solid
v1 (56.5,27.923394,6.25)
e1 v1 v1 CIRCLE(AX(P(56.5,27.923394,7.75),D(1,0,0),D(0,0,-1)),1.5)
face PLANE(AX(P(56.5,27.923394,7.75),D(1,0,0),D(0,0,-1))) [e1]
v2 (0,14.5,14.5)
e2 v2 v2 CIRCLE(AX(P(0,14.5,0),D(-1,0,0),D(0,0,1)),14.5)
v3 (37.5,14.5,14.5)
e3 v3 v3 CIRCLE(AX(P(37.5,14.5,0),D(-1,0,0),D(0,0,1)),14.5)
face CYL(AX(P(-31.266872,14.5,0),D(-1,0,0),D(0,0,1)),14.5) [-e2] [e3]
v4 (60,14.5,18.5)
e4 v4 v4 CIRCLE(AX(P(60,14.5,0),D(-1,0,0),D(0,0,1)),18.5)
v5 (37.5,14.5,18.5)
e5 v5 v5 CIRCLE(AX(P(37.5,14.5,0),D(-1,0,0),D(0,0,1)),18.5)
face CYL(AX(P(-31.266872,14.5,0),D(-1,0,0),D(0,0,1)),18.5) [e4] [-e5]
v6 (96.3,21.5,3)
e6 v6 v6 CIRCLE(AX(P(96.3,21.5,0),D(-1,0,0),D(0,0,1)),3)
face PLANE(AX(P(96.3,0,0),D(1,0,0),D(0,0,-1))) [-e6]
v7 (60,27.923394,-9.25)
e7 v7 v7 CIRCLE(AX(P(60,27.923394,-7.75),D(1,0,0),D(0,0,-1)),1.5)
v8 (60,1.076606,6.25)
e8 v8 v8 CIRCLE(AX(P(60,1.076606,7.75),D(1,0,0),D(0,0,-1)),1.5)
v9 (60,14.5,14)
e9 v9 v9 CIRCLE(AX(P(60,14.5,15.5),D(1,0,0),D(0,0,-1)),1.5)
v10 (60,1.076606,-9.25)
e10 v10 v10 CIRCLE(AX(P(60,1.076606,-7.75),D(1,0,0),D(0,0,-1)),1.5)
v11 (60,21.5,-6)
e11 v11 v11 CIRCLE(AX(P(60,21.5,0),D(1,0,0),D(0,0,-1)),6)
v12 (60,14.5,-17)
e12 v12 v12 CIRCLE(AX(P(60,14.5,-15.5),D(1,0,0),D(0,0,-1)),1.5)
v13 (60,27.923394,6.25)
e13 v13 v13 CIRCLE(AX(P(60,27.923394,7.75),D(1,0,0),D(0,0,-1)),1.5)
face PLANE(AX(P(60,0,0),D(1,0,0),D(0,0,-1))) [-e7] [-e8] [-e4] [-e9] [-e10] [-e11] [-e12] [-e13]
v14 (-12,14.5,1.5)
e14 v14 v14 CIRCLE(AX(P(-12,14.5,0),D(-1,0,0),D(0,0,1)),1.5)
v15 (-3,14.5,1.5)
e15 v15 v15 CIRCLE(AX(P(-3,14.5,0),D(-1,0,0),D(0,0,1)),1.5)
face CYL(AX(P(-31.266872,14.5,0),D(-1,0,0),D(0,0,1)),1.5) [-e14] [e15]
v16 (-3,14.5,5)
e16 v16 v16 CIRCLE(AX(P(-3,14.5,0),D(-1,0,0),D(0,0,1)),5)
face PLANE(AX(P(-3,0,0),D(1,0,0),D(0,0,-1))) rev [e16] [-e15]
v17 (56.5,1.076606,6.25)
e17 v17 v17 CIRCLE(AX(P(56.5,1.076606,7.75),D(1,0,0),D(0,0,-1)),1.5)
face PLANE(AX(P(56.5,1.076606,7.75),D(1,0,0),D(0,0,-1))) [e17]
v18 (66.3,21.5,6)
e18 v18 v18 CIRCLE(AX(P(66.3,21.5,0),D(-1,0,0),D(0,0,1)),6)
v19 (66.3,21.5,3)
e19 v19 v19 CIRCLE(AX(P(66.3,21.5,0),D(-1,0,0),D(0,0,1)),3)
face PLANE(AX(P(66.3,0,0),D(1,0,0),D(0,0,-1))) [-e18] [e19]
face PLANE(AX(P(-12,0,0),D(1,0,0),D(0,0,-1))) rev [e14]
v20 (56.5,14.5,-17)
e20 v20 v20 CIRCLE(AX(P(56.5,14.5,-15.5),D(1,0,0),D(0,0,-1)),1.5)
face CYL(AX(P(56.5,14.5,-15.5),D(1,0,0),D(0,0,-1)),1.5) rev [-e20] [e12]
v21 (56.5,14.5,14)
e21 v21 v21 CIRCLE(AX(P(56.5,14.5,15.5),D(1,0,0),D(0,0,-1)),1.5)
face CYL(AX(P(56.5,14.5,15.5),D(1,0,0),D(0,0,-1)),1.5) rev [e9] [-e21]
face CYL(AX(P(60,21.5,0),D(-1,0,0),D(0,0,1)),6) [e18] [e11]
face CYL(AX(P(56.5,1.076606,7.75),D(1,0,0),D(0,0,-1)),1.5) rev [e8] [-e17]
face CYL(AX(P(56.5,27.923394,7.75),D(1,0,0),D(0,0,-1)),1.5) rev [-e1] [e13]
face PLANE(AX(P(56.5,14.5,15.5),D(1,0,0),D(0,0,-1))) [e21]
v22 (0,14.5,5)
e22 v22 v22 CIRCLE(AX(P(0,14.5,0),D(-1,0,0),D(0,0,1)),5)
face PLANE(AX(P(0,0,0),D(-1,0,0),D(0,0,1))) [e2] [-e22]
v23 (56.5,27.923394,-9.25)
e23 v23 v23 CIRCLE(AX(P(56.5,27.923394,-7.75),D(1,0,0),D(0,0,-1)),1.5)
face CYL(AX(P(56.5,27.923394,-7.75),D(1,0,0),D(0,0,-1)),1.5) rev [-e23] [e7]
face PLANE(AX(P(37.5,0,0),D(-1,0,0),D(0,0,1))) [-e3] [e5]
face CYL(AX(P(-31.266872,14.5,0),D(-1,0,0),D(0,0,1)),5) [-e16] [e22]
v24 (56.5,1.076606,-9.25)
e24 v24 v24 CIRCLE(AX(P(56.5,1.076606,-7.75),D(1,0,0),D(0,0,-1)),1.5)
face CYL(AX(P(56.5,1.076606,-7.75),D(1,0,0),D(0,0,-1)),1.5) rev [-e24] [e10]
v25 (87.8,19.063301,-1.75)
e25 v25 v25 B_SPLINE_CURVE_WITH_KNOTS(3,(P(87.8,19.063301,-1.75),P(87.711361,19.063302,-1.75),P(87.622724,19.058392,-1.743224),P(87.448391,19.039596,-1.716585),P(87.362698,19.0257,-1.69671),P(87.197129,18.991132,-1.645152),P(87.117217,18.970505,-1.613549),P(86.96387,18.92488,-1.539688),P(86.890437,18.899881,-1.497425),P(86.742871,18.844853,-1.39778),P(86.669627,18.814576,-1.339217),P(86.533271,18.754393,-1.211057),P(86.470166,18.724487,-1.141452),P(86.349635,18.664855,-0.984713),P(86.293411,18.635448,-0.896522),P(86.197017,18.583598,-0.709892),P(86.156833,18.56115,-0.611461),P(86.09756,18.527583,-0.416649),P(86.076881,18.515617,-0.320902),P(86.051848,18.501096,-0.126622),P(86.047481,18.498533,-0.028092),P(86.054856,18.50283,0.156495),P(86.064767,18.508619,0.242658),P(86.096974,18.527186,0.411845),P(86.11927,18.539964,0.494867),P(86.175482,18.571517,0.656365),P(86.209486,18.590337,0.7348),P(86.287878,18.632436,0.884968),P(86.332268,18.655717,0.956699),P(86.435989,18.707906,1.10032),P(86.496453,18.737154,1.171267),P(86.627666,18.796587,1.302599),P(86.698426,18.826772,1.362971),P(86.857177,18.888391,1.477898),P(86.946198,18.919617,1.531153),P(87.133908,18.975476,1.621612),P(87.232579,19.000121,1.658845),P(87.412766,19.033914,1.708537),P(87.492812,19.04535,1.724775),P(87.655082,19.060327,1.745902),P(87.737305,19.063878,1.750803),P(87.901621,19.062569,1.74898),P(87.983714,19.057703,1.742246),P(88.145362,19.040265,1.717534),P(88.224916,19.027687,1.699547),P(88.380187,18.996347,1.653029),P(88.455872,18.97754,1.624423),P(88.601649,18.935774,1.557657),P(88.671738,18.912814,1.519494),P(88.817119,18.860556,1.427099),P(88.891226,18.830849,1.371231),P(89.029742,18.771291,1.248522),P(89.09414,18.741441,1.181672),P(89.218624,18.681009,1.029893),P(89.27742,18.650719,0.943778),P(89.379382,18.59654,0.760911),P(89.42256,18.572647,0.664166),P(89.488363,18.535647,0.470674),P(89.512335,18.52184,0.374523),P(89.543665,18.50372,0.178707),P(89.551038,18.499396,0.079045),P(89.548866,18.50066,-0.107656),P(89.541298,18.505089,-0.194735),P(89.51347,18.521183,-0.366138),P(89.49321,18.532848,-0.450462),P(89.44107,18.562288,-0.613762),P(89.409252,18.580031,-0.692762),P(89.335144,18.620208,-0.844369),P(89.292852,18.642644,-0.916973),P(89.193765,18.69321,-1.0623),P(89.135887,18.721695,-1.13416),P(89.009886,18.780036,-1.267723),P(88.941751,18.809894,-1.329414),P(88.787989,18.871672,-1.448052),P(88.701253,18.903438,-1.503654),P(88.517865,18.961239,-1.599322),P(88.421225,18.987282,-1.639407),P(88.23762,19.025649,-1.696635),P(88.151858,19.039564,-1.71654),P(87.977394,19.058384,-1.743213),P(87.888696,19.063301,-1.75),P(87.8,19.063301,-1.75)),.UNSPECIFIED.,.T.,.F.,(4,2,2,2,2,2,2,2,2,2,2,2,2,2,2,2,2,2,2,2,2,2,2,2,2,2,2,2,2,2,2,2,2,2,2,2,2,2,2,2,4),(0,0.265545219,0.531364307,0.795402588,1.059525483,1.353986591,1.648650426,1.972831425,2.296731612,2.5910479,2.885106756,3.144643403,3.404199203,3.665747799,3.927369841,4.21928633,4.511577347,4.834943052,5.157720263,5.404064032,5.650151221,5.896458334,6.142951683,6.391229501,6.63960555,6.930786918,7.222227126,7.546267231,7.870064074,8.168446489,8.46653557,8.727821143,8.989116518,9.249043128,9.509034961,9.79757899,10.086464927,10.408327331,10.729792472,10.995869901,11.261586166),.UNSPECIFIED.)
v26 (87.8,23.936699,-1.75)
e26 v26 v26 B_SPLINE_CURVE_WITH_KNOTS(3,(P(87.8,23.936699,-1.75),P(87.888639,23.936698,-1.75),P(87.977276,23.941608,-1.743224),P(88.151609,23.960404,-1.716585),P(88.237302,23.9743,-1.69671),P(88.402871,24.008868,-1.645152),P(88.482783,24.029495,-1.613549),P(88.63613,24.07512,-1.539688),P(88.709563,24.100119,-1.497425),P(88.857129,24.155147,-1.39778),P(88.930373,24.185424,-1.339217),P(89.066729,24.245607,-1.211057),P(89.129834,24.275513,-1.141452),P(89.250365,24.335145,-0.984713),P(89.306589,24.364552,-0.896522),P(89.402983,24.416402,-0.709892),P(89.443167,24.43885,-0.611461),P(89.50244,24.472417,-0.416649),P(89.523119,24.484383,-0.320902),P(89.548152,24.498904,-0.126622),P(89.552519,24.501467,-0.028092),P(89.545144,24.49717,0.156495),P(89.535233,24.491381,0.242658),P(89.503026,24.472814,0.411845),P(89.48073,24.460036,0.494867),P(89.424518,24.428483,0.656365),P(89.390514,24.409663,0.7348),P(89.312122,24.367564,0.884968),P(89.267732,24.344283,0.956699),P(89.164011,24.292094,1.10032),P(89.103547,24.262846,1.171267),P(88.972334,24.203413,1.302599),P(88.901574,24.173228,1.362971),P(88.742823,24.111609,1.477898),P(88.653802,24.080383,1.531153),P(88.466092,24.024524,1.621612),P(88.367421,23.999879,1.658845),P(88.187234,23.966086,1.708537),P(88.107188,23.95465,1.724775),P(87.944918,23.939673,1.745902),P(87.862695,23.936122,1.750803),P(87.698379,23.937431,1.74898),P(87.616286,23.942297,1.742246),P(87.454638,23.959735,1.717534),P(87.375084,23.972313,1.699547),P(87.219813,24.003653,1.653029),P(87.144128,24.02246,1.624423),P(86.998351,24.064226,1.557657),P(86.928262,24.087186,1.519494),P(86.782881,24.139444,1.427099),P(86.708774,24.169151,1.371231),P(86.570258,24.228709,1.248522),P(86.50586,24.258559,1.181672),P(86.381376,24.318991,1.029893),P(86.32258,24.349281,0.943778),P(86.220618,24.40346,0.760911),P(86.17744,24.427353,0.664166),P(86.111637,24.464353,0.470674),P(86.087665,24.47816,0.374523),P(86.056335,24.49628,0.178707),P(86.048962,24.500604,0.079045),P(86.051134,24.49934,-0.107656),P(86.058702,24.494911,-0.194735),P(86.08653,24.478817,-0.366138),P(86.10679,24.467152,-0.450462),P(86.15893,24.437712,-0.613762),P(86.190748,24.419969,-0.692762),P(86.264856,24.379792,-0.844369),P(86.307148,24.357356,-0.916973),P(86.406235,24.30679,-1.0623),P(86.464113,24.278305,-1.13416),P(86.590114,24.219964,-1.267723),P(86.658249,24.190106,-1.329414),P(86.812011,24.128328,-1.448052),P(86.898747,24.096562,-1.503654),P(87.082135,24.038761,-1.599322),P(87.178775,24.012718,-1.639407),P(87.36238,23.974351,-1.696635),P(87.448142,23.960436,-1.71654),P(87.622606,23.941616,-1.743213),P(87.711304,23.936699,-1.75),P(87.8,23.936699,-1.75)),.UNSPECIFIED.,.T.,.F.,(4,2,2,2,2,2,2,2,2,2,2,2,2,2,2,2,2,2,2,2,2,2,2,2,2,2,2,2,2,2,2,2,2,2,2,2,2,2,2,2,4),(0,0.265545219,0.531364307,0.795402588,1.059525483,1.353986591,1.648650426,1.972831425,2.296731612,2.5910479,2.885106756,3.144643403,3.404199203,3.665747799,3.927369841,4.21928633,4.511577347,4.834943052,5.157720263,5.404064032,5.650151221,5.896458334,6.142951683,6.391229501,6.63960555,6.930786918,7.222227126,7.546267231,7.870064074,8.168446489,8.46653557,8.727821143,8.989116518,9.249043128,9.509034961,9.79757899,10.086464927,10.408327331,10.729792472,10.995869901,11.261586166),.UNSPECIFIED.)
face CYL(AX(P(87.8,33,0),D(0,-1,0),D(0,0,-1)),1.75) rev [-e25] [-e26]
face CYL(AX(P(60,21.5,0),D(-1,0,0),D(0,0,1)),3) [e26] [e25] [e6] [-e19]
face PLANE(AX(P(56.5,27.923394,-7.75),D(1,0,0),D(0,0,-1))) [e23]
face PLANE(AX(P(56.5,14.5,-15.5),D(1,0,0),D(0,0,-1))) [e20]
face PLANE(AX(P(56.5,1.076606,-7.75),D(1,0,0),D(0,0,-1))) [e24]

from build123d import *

# Parameters (mm, degrees)
SKETCH2_W          = 3
SKETCH2_H          = 3.5
SKETCH2_H_2        = 1.5
SKETCH2_W_2        = 9
SKETCH2_6_W        = 30
SKETCH2_6_H        = 3
SKETCH3_R          = 1.5
CUT_EXTRUDE1_DEPTH = 3.5
SKETCH4_R          = 1.75
CUT_EXTRUDE2_DEPTH = 104.464679964


with BuildPart() as part:
    # Sketch2 → Revolve2 (revolve)
    with BuildSketch(Plane.XY, mode=Mode.PRIVATE) as revolve2_sk:
        Polygon((0, 14.5), (37.5, 14.5), (37.5, 29), (0, 29), (0, 19.5), (0, 16), align=None)
        Polygon((37.5, 29), (37.5, 14.5), (60, 14.5), (60, 15.5), (60, 21.5), (60, 27.5), (60, 33), (37.5, 33), align=None)
        with Locations((-1.5, 17.75)):
            Rectangle(SKETCH2_W, SKETCH2_H)
        with Locations((-1.5, 15.25)):
            Rectangle(SKETCH2_W, SKETCH2_H_2)
        with Locations((-7.5, 15.25)):
            Rectangle(SKETCH2_W_2, SKETCH2_H_2)
    revolve(revolve2_sk.sketch.rotate(Axis((-31.266871865, 14.5, 0), (1, 0, 0)), 90), axis=Axis((-31.266871865, 14.5, 0), (1, 0, 0)))

    # Sketch2<6> → Revolve3 (revolve)
    with BuildSketch(Plane.XY, mode=Mode.PRIVATE) as revolve3_sk:
        Polygon((60, 27.5), (60, 21.5), (66.3, 21.5), (66.3, 24.5), (66.3, 27.5), align=None)
        with Locations((81.3, 23)):
            Rectangle(SKETCH2_6_W, SKETCH2_6_H)
    revolve(revolve3_sk.sketch.rotate(Axis((60, 21.5, 0), (1, 0, 0)), 90), axis=Axis((60, 21.5, 0), (1, 0, 0)))

    # Sketch3 → Cut-Extrude1 (cut)
    with BuildSketch(Plane(origin=(60, 0, 0), x_dir=(0, 0, -1), z_dir=(1, 0, 0))):
        with Locations((-15.5, 14.5)):
            Circle(SKETCH3_R)
        with Locations((-7.75, 27.923393759)):
            Circle(SKETCH3_R)
        with Locations((7.75, 27.923393759)):
            Circle(SKETCH3_R)
        with Locations((15.5, 14.5)):
            Circle(SKETCH3_R)
        with Locations((7.75, 1.076606241)):
            Circle(SKETCH3_R)
        with Locations((-7.75, 1.076606241)):
            Circle(SKETCH3_R)
    extrude(amount=-CUT_EXTRUDE1_DEPTH, mode=Mode.SUBTRACT)

    # Sketch4 → Cut-Extrude2 (cut, through all)
    with BuildSketch(Plane(origin=(0, 0, 0), x_dir=(1, 0, 0), z_dir=(0, 1, 0))):
        with Locations(Location((87.8, 0, 0), (0, 0, 90))):
            Circle(SKETCH4_R)
    extrude(amount=CUT_EXTRUDE2_DEPTH, mode=Mode.SUBTRACT)


solid = part.part
